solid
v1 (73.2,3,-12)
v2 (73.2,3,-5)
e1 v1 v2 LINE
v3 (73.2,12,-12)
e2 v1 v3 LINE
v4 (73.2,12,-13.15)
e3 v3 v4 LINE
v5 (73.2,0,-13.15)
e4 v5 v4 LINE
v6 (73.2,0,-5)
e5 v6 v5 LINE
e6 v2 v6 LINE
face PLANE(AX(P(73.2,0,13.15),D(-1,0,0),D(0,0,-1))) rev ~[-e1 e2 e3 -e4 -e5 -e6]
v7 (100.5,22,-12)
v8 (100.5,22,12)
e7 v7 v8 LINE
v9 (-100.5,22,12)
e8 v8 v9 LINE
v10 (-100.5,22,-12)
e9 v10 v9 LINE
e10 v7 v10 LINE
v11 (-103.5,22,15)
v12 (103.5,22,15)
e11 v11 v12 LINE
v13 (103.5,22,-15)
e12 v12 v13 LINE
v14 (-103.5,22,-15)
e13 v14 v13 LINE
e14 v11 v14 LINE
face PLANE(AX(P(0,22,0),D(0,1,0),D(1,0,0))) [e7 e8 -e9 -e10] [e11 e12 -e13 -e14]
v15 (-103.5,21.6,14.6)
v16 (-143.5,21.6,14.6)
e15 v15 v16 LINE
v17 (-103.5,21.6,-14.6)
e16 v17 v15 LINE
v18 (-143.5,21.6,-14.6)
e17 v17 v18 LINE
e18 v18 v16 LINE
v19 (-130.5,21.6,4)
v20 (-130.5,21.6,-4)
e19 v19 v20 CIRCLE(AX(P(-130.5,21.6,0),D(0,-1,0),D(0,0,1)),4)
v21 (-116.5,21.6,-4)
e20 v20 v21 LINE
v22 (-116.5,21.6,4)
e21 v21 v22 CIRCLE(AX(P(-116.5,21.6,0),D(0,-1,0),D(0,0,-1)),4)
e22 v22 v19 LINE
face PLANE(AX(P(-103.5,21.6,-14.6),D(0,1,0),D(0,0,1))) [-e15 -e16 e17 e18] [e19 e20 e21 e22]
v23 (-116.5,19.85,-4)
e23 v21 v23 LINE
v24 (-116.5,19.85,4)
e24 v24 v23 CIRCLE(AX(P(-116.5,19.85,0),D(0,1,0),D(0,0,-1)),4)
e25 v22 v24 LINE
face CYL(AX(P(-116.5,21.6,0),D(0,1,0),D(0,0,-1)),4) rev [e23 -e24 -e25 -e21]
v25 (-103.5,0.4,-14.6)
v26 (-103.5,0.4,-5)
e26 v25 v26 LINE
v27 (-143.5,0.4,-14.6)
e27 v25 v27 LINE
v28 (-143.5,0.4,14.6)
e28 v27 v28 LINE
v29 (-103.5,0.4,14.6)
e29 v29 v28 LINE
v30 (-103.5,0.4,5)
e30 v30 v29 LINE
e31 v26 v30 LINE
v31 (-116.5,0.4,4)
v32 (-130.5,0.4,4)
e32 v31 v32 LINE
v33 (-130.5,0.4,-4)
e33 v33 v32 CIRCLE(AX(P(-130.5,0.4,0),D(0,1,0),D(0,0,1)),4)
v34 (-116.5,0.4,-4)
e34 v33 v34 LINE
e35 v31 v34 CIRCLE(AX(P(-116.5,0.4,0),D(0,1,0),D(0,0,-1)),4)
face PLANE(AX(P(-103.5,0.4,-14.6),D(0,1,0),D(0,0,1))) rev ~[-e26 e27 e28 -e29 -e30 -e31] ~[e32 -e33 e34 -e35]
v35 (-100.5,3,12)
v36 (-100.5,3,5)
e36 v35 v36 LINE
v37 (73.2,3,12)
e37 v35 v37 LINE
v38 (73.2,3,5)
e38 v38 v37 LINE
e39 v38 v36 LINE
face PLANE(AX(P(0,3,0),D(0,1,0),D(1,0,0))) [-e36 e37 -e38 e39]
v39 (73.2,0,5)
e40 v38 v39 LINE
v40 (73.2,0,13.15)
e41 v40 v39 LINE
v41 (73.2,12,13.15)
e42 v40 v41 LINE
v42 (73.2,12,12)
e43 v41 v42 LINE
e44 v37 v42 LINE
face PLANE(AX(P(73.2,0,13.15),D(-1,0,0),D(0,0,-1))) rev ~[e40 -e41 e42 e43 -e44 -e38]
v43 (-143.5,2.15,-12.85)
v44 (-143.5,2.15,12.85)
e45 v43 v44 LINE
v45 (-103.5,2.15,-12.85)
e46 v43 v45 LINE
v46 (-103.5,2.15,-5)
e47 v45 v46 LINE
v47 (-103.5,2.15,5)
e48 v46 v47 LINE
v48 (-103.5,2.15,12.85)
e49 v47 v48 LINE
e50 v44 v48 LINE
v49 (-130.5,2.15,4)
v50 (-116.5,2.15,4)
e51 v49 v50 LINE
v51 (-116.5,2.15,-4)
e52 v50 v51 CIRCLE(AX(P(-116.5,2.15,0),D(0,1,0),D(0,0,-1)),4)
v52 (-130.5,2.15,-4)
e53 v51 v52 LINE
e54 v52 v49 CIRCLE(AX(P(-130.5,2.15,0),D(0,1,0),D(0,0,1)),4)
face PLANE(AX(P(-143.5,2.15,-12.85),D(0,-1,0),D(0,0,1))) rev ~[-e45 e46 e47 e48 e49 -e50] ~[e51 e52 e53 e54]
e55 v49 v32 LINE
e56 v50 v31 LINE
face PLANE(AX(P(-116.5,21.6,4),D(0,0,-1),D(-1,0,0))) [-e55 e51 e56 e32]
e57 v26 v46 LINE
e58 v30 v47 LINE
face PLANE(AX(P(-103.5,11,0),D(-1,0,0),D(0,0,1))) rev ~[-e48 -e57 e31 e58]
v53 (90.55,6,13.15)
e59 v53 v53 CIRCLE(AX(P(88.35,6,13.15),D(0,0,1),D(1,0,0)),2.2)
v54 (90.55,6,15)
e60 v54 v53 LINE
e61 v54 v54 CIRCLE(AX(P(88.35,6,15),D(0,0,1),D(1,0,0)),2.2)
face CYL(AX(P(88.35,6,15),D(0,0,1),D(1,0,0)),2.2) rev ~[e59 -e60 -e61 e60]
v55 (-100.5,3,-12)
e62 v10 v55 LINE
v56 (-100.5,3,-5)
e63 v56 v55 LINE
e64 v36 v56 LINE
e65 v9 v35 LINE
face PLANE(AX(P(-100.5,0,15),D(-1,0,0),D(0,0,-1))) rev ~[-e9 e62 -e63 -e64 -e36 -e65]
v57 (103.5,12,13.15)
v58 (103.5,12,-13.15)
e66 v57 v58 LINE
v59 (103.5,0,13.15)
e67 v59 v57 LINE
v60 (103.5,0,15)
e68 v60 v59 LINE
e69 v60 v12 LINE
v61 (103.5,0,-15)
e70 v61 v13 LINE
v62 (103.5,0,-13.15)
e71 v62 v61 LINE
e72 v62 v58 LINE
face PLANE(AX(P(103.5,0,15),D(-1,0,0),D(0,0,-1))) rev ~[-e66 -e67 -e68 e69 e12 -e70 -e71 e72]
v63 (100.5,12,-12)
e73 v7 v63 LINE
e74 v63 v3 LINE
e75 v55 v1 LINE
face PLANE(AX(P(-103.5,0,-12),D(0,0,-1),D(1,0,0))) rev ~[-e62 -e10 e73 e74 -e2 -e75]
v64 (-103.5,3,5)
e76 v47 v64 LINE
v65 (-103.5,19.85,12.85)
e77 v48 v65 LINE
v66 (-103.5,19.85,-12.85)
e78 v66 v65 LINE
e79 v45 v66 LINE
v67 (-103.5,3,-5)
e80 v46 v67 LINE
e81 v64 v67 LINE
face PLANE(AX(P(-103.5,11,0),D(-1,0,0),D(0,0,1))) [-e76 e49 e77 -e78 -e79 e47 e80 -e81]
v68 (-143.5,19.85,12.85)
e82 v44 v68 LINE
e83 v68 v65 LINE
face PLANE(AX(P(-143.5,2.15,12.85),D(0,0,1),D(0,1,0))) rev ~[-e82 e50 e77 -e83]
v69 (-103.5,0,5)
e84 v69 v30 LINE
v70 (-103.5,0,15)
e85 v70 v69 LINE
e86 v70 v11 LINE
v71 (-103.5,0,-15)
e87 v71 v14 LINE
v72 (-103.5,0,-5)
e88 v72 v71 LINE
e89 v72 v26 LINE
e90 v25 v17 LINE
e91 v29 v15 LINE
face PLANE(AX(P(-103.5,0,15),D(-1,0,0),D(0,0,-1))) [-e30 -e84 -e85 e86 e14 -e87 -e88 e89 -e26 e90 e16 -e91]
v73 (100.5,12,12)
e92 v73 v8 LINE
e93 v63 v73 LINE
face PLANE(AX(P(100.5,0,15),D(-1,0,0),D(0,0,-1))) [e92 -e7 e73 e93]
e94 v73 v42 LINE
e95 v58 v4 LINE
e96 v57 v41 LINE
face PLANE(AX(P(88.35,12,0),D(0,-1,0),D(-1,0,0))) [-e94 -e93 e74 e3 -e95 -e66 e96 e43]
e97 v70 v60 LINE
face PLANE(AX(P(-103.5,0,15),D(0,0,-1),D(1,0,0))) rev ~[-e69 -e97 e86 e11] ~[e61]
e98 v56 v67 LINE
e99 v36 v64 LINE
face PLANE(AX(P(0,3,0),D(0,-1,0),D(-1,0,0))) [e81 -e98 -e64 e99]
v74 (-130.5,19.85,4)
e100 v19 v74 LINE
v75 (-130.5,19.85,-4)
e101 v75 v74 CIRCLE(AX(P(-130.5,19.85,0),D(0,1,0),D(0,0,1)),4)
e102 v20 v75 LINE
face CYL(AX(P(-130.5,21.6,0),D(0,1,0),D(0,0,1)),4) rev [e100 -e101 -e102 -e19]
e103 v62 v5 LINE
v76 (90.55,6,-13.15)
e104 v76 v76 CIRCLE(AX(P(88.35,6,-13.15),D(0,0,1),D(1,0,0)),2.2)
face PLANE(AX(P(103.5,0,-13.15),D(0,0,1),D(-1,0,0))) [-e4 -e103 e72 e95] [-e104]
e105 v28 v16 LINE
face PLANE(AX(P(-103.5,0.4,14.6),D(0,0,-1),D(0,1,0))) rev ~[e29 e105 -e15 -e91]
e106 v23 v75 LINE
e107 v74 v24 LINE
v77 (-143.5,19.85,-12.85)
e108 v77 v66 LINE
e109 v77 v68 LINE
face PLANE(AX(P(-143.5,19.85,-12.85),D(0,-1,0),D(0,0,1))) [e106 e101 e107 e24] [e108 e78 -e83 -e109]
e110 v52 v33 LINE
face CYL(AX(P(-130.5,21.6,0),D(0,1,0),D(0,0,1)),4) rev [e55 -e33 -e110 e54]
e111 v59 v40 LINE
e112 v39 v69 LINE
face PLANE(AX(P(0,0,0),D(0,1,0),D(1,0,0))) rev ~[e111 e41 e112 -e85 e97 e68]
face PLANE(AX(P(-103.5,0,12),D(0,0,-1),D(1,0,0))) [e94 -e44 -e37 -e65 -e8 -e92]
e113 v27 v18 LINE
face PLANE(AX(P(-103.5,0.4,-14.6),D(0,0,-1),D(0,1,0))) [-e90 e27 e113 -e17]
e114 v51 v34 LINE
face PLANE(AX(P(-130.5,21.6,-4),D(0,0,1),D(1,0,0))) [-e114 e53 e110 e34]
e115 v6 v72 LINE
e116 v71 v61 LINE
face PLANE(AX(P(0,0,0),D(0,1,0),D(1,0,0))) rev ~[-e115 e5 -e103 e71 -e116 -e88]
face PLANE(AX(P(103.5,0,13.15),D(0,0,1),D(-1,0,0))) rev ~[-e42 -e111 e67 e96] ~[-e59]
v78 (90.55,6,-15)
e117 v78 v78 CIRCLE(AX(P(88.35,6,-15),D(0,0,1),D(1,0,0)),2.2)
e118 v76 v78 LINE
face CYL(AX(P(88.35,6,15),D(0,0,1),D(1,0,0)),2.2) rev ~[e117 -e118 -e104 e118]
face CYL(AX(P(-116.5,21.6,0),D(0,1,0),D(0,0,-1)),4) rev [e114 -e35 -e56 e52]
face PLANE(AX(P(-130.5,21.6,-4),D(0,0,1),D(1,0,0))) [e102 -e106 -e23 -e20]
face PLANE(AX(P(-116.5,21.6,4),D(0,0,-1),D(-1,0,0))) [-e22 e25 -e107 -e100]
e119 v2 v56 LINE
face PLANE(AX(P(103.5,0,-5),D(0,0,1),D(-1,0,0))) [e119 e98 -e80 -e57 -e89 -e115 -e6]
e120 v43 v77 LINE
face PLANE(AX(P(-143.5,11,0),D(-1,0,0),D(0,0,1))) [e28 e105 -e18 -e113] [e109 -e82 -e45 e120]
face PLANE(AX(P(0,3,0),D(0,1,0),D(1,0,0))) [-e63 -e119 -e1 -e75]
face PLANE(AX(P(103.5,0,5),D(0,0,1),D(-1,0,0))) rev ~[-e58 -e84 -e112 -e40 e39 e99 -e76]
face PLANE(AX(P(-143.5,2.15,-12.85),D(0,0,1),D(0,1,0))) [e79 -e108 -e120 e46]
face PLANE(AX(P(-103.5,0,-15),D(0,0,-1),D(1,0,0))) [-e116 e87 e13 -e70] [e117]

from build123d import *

# Parameters (mm, degrees)
SKETCH1_W           = 207
SKETCH1_H           = 30
BOSS_EXTRUDE1_DEPTH = 22
SHELL1_T            = -3
SKETCH2_W           = 207
SKETCH2_H           = 10
CUT_EXTRUDE1_DEPTH  = 3
SKETCH3_W           = 29.2
SKETCH3_H           = 21.2
BOSS_EXTRUDE2_DEPTH = 40
SKETCH4_W           = 25.7
SKETCH4_H           = 17.7
CUT_EXTRUDE2_DEPTH  = 40
CUT_EXTRUDE3_DEPTH  = 146.889718623
SKETCH6_W           = 30.3
SKETCH6_H           = 26.3
CUT_EXTRUDE4_DEPTH  = 12
SKETCH7_R           = 2.2
CUT_EXTRUDE5_DEPTH  = 149.243886889


with BuildPart() as part:
    # Sketch1 → Boss-Extrude1 (new body)
    with BuildSketch(Plane(origin=(0, 0, 0), x_dir=(1, 0, 0), z_dir=(0, 1, 0))):
        Rectangle(SKETCH1_W, SKETCH1_H)
    extrude(amount=BOSS_EXTRUDE1_DEPTH)

    # Shell1
    shell1_openings = [part.faces().sort_by_distance(p)[0] for p in [
        (0, 22, 0),
    ]]
    offset(amount=SHELL1_T, openings=shell1_openings, kind=Kind.INTERSECTION)

    # Sketch2 → Cut-Extrude1 (cut)
    with BuildSketch(Plane(origin=(0, 0, 0), x_dir=(-1, 0, 0), z_dir=(0, -1, 0))):
        Rectangle(SKETCH2_W, SKETCH2_H)
    extrude(amount=-CUT_EXTRUDE1_DEPTH, mode=Mode.SUBTRACT)

    # Sketch3 → Boss-Extrude2 (add)
    with BuildSketch(Plane.ZY.offset(103.5)):
        with Locations((0, 11)):
            Rectangle(SKETCH3_W, SKETCH3_H)
    extrude(amount=BOSS_EXTRUDE2_DEPTH)

    # Sketch4 → Cut-Extrude2 (cut)
    with BuildSketch(Plane.ZY.offset(143.5)):
        with Locations((0, 11)):
            Rectangle(SKETCH4_W, SKETCH4_H)
    extrude(amount=-CUT_EXTRUDE2_DEPTH, mode=Mode.SUBTRACT)

    # Sketch5 → Cut-Extrude3 (cut, through all)
    with BuildSketch(Plane(origin=(0, 21.6, 0), x_dir=(1, 0, 0), z_dir=(0, 1, 0))):
        with BuildLine():
            Line((-130.5, 4), (-116.5, 4))
            ThreePointArc((-116.5, 4), (-112.5, 0), (-116.5, -4))
            Line((-116.5, -4), (-130.5, -4))
            ThreePointArc((-130.5, -4), (-134.5, 0), (-130.5, 4))
        make_face()
    extrude(amount=-CUT_EXTRUDE3_DEPTH, mode=Mode.SUBTRACT)

    # Sketch6 → Cut-Extrude4 (cut)
    with BuildSketch(Plane(origin=(0, 0, 0), x_dir=(-1, 0, 0), z_dir=(0, -1, 0))):
        with Locations((-88.35, 0)):
            Rectangle(SKETCH6_W, SKETCH6_H)
    extrude(amount=-CUT_EXTRUDE4_DEPTH, mode=Mode.SUBTRACT)

    # Sketch7 → Cut-Extrude5 (cut, through all)
    with BuildSketch(Plane.XY.offset(15)):
        with Locations((88.35, 6)):
            Circle(SKETCH7_R)
    extrude(amount=-CUT_EXTRUDE5_DEPTH, mode=Mode.SUBTRACT)


solid = part.part
